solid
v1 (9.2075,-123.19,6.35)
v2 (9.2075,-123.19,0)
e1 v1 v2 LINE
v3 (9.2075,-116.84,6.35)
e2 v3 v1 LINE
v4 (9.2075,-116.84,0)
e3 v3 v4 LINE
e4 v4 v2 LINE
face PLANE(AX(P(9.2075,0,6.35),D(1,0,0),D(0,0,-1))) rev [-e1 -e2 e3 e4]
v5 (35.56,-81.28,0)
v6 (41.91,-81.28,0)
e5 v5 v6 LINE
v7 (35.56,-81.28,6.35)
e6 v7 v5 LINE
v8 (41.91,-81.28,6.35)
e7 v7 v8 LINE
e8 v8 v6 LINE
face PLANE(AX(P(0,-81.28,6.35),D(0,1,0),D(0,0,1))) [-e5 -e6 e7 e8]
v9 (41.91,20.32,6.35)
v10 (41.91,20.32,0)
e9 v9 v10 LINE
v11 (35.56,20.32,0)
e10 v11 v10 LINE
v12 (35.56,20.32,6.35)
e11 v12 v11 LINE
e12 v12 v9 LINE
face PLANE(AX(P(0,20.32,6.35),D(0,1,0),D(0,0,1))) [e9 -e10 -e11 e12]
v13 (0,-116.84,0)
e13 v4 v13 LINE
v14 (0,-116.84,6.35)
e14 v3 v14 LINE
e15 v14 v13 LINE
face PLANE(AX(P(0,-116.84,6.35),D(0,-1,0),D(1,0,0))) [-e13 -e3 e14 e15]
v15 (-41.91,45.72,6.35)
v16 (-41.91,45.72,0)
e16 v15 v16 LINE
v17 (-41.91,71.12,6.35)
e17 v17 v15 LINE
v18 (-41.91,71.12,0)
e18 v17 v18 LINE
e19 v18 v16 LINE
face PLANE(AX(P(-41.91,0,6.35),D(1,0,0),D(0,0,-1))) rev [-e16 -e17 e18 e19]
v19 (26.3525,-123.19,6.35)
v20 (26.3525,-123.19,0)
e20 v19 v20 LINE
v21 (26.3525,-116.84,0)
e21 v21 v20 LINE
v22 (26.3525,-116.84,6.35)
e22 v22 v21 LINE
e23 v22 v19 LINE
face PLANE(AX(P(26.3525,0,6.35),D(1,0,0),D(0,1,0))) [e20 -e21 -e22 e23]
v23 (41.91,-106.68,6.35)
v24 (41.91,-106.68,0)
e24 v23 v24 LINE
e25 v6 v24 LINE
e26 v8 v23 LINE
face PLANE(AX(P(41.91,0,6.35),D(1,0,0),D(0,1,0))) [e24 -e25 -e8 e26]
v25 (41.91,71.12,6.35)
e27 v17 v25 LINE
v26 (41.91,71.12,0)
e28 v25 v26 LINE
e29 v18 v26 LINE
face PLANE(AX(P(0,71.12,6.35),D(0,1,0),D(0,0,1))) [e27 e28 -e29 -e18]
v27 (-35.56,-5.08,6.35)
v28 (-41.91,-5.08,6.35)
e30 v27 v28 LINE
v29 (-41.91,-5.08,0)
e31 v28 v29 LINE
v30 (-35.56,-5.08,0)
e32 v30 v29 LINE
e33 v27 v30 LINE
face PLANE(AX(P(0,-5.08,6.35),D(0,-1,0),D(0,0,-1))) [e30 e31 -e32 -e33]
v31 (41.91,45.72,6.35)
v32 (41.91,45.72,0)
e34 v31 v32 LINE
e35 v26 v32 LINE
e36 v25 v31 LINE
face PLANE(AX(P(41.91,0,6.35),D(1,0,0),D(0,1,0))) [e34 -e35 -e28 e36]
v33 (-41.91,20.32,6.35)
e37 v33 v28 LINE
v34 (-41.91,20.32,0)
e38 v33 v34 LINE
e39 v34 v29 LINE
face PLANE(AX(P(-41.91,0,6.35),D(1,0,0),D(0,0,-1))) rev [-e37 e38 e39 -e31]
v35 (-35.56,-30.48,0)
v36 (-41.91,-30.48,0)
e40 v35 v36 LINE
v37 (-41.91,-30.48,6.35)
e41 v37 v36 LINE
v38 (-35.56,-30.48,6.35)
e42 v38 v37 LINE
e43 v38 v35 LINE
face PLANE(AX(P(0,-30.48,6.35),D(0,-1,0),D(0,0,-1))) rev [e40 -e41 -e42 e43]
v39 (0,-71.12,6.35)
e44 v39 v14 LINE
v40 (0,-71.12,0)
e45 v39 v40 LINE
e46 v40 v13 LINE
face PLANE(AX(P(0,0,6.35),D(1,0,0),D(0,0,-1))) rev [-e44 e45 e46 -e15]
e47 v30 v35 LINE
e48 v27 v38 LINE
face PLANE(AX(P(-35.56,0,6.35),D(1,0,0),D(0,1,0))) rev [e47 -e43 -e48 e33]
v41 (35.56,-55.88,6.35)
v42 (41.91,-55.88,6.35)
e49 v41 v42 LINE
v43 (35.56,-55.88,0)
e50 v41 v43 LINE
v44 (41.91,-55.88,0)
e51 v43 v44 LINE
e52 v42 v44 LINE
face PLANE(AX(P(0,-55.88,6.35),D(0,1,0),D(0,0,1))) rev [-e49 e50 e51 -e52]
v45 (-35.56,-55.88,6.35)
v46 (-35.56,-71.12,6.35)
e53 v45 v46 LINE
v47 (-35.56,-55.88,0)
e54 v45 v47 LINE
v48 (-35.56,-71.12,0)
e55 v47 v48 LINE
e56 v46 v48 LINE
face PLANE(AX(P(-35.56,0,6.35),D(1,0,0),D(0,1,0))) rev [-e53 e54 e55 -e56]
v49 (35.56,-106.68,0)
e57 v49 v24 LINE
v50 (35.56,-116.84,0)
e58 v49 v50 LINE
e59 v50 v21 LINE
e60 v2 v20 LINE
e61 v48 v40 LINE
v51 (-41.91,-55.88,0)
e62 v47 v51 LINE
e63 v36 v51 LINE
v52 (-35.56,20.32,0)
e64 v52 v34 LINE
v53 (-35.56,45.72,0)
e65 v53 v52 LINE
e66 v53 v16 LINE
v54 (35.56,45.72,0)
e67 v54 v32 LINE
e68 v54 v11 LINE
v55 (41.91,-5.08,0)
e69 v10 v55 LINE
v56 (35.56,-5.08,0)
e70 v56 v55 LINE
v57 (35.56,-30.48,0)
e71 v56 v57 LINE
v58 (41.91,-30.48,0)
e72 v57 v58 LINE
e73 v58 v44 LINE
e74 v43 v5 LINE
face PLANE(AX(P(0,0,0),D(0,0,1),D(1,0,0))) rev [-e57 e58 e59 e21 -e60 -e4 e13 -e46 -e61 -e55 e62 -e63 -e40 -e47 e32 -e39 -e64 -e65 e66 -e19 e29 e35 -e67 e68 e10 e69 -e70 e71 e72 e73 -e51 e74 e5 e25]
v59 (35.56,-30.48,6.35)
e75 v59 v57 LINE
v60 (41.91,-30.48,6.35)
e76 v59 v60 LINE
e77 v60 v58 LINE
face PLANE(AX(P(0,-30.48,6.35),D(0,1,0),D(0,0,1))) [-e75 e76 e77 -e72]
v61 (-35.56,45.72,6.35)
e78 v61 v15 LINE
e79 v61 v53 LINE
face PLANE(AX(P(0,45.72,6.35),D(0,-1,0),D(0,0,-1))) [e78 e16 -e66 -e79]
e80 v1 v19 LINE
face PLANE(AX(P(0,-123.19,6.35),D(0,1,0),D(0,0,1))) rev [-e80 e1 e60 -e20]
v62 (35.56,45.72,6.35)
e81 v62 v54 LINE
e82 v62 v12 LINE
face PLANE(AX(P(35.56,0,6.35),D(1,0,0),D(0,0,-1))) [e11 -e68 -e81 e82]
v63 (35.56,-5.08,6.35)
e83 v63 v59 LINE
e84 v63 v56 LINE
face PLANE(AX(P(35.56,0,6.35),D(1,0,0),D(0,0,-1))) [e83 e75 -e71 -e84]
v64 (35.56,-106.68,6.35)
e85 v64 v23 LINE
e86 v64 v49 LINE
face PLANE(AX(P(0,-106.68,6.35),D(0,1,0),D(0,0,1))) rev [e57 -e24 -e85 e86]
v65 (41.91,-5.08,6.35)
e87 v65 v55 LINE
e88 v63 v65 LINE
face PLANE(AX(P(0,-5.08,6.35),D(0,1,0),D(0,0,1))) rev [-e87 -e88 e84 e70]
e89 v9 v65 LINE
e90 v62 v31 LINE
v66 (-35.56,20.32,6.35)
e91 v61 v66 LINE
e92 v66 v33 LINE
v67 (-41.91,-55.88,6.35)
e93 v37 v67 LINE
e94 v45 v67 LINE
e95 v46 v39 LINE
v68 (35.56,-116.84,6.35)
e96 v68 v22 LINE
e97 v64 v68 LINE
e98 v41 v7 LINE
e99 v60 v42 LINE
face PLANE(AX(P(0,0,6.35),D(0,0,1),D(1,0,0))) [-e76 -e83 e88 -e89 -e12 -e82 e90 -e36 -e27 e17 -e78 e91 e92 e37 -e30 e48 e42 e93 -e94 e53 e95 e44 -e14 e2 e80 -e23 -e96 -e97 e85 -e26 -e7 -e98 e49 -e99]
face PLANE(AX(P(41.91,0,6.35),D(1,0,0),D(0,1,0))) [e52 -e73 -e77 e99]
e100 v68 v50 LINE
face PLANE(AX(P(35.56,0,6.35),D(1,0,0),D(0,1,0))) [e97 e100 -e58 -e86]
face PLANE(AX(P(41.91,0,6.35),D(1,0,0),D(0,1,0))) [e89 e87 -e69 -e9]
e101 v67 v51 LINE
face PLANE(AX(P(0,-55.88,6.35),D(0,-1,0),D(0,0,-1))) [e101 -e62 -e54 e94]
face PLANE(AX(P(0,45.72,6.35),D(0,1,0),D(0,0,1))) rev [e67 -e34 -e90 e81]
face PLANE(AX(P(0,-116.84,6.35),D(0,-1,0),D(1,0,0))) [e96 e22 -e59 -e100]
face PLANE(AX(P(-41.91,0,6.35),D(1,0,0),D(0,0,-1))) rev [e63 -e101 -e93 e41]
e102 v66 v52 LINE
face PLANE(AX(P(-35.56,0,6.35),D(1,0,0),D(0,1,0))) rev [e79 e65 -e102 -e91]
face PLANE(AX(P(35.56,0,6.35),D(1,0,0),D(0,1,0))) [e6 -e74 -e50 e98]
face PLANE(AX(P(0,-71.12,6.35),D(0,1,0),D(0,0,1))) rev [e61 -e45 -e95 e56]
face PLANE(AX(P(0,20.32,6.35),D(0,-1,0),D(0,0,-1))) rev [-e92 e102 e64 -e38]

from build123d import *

# Parameters (mm, degrees)
SKETCH1_W           = 71.12
SKETCH1_H           = 142.24
SKETCH1_W_2         = 17.145
SKETCH1_H_2         = 6.35
SKETCH1_W_3         = 6.35
SKETCH1_H_3         = 25.4
BOSS_EXTRUDE1_DEPTH = 6.35


with BuildPart() as part:
    # Sketch1 → Boss-Extrude1 (new body)
    with BuildSketch(Plane.XY):
        Rectangle(SKETCH1_W, SKETCH1_H)
        Polygon((35.56, -81.28), (35.56, -71.12), (0, -71.12), (0, -116.84), (9.2075, -116.84), (26.3525, -116.84), (35.56, -116.84), (35.56, -106.68), align=None)
        with Locations((17.78, -120.015)):
            Rectangle(SKETCH1_W_2, SKETCH1_H_2)
        with Locations((38.735, 58.42)):
            Rectangle(SKETCH1_W_3, SKETCH1_H_3)
        with Locations((38.735, 7.62)):
            Rectangle(SKETCH1_W_3, SKETCH1_H_3)
        with Locations((38.735, -43.18)):
            Rectangle(SKETCH1_W_3, SKETCH1_H_3)
        with Locations((38.735, -93.98)):
            Rectangle(SKETCH1_W_3, SKETCH1_H_3)
        with Locations((-38.735, -43.18)):
            Rectangle(SKETCH1_W_3, SKETCH1_H_3)
        with Locations((-38.735, 7.62)):
            Rectangle(SKETCH1_W_3, SKETCH1_H_3)
        with Locations((-38.735, 58.42)):
            Rectangle(SKETCH1_W_3, SKETCH1_H_3)
    extrude(amount=BOSS_EXTRUDE1_DEPTH)


solid = part.part
